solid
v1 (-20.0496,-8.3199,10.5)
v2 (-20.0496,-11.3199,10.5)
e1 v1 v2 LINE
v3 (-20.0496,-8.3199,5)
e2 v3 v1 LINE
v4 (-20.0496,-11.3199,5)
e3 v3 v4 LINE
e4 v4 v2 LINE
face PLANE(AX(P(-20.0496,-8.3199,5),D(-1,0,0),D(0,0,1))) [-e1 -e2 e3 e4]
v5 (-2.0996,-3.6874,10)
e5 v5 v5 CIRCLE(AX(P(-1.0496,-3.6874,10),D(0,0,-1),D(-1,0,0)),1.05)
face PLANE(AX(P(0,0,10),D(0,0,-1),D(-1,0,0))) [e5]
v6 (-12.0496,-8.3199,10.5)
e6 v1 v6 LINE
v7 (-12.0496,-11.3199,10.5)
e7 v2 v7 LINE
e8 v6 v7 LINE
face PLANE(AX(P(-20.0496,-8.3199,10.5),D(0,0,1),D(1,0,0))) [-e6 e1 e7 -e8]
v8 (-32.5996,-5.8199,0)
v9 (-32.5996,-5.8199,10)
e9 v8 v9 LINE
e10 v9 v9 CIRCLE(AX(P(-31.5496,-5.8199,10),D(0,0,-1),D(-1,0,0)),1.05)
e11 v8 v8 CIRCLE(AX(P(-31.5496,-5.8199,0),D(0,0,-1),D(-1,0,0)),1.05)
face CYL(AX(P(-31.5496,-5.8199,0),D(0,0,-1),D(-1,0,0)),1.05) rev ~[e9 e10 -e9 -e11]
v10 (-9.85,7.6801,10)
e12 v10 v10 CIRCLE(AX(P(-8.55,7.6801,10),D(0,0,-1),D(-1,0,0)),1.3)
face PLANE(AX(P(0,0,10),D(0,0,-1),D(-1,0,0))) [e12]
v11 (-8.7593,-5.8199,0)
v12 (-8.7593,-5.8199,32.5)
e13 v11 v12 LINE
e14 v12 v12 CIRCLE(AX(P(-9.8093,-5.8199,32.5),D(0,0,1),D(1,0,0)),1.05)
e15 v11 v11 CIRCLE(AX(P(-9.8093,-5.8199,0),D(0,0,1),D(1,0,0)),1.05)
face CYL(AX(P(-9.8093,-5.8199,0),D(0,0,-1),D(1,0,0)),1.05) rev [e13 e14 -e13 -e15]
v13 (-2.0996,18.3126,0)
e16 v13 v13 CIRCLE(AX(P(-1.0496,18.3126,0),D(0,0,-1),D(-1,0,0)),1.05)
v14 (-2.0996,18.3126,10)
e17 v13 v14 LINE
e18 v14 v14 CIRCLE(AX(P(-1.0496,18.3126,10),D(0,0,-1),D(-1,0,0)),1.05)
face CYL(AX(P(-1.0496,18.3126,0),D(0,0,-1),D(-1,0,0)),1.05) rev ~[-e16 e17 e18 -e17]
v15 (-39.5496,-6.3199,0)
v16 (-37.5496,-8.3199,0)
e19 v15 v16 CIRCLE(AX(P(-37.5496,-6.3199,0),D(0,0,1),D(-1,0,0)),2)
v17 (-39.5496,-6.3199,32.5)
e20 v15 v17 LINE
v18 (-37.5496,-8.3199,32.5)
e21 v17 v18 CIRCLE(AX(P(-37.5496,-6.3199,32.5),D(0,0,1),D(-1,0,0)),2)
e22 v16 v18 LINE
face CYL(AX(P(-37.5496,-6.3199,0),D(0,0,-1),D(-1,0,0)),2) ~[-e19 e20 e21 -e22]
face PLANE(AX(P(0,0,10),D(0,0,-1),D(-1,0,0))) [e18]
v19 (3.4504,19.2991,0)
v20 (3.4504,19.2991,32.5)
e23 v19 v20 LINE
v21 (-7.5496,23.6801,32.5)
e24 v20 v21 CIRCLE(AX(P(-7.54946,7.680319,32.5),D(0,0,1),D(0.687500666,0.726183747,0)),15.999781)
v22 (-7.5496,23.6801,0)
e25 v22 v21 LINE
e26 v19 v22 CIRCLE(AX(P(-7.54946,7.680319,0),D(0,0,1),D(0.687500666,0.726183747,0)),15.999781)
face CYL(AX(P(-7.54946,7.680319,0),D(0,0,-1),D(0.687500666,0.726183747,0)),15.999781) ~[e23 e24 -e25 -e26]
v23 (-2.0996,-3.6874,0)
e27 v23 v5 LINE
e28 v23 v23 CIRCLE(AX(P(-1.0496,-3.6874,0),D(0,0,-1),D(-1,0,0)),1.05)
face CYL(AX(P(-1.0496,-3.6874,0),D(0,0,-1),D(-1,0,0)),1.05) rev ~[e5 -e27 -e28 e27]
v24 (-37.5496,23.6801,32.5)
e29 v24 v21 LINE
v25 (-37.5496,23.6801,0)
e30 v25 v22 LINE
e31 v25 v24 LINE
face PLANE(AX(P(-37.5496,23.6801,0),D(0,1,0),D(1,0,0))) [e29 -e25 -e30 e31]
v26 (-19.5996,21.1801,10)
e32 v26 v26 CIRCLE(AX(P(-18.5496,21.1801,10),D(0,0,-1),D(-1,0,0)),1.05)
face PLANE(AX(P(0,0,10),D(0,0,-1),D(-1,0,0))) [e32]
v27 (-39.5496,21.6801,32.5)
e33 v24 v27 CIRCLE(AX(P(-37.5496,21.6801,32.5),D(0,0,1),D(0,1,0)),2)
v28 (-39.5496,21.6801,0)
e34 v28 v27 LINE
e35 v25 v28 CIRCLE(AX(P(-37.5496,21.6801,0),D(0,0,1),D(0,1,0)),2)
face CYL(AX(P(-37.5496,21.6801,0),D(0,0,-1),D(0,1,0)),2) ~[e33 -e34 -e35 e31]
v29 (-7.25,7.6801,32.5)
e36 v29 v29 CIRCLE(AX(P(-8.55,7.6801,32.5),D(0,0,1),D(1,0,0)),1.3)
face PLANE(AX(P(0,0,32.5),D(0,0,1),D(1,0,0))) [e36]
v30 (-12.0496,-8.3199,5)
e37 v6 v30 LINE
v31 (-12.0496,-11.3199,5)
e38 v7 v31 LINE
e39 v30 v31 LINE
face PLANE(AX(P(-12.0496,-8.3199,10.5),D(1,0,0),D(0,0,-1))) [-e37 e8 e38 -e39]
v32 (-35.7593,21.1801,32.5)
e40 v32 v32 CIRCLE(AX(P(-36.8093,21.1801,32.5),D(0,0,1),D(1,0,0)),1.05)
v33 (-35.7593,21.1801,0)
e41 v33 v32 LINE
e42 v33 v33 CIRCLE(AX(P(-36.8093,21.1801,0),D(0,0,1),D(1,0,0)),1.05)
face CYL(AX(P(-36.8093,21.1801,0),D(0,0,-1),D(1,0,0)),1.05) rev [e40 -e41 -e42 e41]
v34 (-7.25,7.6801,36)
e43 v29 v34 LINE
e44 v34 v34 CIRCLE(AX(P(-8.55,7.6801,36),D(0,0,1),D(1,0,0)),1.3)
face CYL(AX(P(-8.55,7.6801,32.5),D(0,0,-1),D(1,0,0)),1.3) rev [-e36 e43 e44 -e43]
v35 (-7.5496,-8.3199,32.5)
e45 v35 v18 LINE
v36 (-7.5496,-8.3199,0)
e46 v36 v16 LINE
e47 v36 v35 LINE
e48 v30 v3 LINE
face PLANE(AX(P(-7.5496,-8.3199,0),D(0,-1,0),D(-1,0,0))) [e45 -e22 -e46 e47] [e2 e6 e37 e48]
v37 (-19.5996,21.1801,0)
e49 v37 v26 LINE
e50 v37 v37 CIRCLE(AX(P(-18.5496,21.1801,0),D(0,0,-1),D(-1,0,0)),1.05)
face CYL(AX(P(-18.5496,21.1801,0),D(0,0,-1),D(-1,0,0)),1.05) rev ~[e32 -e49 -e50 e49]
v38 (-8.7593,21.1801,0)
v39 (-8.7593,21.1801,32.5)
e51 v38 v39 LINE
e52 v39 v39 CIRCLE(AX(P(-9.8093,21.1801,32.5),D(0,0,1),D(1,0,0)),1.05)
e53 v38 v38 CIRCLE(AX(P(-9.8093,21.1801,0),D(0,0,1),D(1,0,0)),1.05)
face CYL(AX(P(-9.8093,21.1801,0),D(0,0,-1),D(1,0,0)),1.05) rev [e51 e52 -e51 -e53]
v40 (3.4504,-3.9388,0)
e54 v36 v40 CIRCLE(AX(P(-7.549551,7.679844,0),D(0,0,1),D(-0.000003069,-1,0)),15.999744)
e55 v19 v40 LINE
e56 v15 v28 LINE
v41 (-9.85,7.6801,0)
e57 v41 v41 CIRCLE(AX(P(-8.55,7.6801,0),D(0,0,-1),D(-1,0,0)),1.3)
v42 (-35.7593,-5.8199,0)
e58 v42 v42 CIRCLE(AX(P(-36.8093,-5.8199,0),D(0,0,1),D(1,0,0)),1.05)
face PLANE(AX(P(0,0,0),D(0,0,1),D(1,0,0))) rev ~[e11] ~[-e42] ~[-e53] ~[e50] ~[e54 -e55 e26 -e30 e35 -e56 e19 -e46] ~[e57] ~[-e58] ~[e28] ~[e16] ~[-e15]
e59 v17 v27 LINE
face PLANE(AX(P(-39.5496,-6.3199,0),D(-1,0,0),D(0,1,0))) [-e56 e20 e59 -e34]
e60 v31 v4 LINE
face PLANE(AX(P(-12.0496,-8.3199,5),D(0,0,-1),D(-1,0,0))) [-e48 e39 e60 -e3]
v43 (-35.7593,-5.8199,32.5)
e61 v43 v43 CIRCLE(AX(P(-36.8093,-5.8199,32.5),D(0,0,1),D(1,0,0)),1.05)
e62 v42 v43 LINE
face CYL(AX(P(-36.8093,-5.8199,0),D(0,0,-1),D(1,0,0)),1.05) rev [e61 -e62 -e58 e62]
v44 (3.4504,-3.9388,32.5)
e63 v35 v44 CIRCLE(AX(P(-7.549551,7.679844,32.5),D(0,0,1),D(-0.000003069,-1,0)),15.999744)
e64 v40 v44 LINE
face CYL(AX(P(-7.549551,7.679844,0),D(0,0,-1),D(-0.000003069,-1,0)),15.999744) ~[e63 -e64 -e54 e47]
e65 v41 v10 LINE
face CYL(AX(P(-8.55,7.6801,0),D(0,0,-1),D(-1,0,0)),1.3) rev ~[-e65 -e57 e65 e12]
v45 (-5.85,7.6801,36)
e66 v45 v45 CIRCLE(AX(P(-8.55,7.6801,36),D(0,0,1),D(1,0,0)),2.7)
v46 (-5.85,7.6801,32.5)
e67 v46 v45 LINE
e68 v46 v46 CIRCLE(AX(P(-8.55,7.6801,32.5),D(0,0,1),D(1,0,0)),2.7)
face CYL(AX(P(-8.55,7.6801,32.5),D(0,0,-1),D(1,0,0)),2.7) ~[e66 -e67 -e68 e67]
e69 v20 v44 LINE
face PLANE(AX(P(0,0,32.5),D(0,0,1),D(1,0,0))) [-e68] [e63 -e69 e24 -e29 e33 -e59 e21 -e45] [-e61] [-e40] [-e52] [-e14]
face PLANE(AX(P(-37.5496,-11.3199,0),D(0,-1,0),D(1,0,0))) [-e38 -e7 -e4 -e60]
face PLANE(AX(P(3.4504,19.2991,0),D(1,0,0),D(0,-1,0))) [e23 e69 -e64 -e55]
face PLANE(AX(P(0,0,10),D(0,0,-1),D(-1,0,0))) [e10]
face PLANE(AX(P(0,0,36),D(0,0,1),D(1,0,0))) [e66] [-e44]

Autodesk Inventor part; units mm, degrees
ref_plane "YZ Plane" through (0, 0, 0) normal (1, 0, 0) x (0, 1, 0)
ref_plane "XZ Plane" through (0, 0, 0) normal (0, 1, 0) x (-1, 0, 0)
ref_plane "XY Plane" through (0, 0, 0) normal (0, 0, 1) x (1, 0, 0)
sketch "スケッチ1" plane through (0, 0, 0) normal (0, 0, 1) x (1, 0, 0)
  line L0 (-37.5496, 23.6801) -> (-7.5496, 23.6801)
  line L1 (3.4504, 19.2991) -> (3.4504, -3.9388)
  line L2 (-7.5496, -8.3199) -> (-37.5496, -8.3199)
  line L3 (-39.5496, -6.3199) -> (-39.5496, 21.6801)
  circle A0 centre (-36.8093, -5.8199) radius 1.05
  circle A1 centre (-36.8093, 21.1801) radius 1.05
  arc A2 (-37.5496, 23.6801) -> (-39.5496, 21.6801) centre (-37.5496, 21.6801) ccw
  arc A3 (-39.5496, -6.3199) -> (-37.5496, -8.3199) centre (-37.5496, -6.3199) ccw
  circle A4 centre (-9.8093, -5.8199) radius 1.05
  circle A5 centre (-9.8093, 21.1801) radius 1.05
  line L4 (-39.5496, 7.6801) -> (3.4504, 7.6801) construction
  line L5 (-17.0496, 23.6801) -> (-17.0496, -8.3199) construction
  arc A6 (-7.5496, -8.3199) -> (3.4504, -3.9388) centre (-7.5496, 7.6801) ccw
  arc A7 (3.4504, 19.2991) -> (-7.5496, 23.6801) centre (-7.5496, 7.6801) ccw
  point P0 (-39.5496, -8.3199)
  point P1 (-17.0496, 7.6801)
  dimension "d23" = 2.1
  dimension "d24" = 2.1
  dimension "d25" = 27
  dimension "d26" = 2.5
  dimension "d27" = 2.5
  dimension "d28" = 2
  dimension "d31" = 2.1
  dimension "d32" = 2.1
  dimension "d33" = 27
  dimension "d34" = 27
extrude "押し出し1" add sketch "スケッチ1" along normal blind 32.5
sketch "スケッチ2" plane through (0, 0, 32.5) normal (0, 0, 1) x (1, 0, 0)
  circle A0 centre (-9.8093, 21.1801) radius 1.05 projected
  circle A1 centre (-9.8093, -5.8199) radius 1.05 projected
  circle A2 centre (-36.8093, 21.1801) radius 1.05 projected
  circle A3 centre (-36.8093, -5.8199) radius 1.05 projected
  line L0 (3.4504, -3.9388) -> (3.4504, 19.2991) projected
  arc A4 (3.4504, 19.2991) -> (-7.5496, 23.6801) centre (-7.5496, 7.6801) ccw projected
  line L1 (-7.5496, 23.6801) -> (-37.5496, 23.6801) projected
  arc A5 (-37.5496, 23.6801) -> (-39.5496, 21.6801) centre (-37.5496, 21.6801) ccw projected
  line L2 (-39.5496, 21.6801) -> (-39.5496, -6.3199) projected
  arc A6 (-39.5496, -6.3199) -> (-37.5496, -8.3199) centre (-37.5496, -6.3199) ccw projected
  line L3 (-37.5496, -8.3199) -> (-7.5496, -8.3199) projected
  arc A7 (-7.5496, -8.3199) -> (3.4504, -3.9388) centre (-7.5496, 7.6801) ccw projected
  line L4 (-39.5496, 21.6801) -> (-39.5496, -6.3199) construction
  line L5 (-39.5496, 7.6801) -> (3.4504, 7.6801) construction
  line L6 (-7.5496, -8.3199) -> (-37.5496, -8.3199) construction
  line L7 (-18.0496, -8.3199) -> (-18.0496, 23.6801) construction
  line L8 (-7.5496, 23.6801) -> (-37.5496, 23.6801) construction
  circle A8 centre (-8.55, 7.6801) radius 2.7
  circle A9 centre (-8.55, 7.6801) radius 1.3
  point P0 (0, 0)
  dimension "d49" = 5.4
  dimension "d50" = 2.6
  dimension "d51" = 9.4996
extrude "押し出し3" add sketch "スケッチ2" along normal blind 3.5 contours A8
sketch "スケッチ3" plane through (0, 0, 0) normal (0, 0, -1) x (-1, 0, 0)
  circle A0 centre (9.8093, 21.1801) radius 1.05 projected
  circle A1 centre (9.8093, -5.8199) radius 1.05 projected
  circle A2 centre (36.8093, 21.1801) radius 1.05 projected
  circle A3 centre (36.8093, -5.8199) radius 1.05 projected
  line L0 (-3.4504, 19.2991) -> (-3.4504, -3.9388) projected
  arc A4 (-3.4504, -3.9388) -> (7.5496, -8.3199) centre (7.5496, 7.6801) ccw projected
  line L1 (7.5496, -8.3199) -> (37.5496, -8.3199) projected
  arc A5 (37.5496, -8.3199) -> (39.5496, -6.3199) centre (37.5496, -6.3199) ccw projected
  line L2 (39.5496, -6.3199) -> (39.5496, 21.6801) projected
  arc A6 (39.5496, 21.6801) -> (37.5496, 23.6801) centre (37.5496, 21.6801) ccw projected
  line L3 (37.5496, 23.6801) -> (7.5496, 23.6801) projected
  arc A7 (7.5496, 23.6801) -> (-3.4504, 19.2991) centre (7.5496, 7.6801) ccw projected
  line L4 (39.5496, -6.3199) -> (39.5496, 21.6801) construction
  line L5 (39.5496, 7.6801) -> (-3.4504, 7.6801) construction
  line L6 (-3.4504, 19.2991) -> (-3.4504, -3.9388) construction
  line L7 (7.5496, -8.3199) -> (37.5496, -8.3199) construction
  line L8 (18.0496, -8.3199) -> (18.0496, 23.6801) construction
  line L9 (37.5496, 23.6801) -> (7.5496, 23.6801) construction
  circle A8 centre (8.55, 7.6801) radius 1.3
  circle A9 centre (31.5496, -5.8199) radius 1.05
  circle A10 centre (18.5496, 21.1801) radius 1.05
  circle A11 centre (1.0496, 18.3126) radius 1.05
  circle A12 centre (1.0496, -3.6874) radius 1.05
  point P0 (0, 0)
  dimension "d54" = 2.6
  dimension "d55" = 2.1
  dimension "d56" = 13.5
  dimension "d57" = 2.1
  dimension "d58" = 0.5
  dimension "d59" = 2.1
  dimension "d60" = 17
  dimension "d61" = 2.1
  dimension "d62" = 22
  dimension "d63" = 17
extrude "押し出し4" cut sketch "スケッチ3" against normal blind 10 contours A8 | A9 | A10 | A11 | A12
sketch "スケッチ4" plane through (-37.5496, -8.3199, 0) normal (0, -1, 0) x (1, 0, 0)
  line L0 (30, 0) -> (0, 0) projected
  line L1 (30, 0) -> (30, 32.5) projected
  line L2 (0, 32.5) -> (30, 32.5) projected
  line L3 (0, 0) -> (0, 32.5) projected
  line L4 (0, 0) -> (-2, 0) projected
  line L5 (0, 0) -> (0, 32.5) projected
  line L6 (-2, 32.5) -> (0, 32.5) projected
  line L7 (-2, 0) -> (-2, 32.5) projected
  line L8 (41, 0) -> (30, 0) projected
  line L9 (41, 0) -> (41, 32.5) projected
  line L10 (30, 32.5) -> (41, 32.5) projected
  line L11 (30, 0) -> (30, 32.5) projected
  line L12 (0, 32.5) -> (30, 32.5) construction
  line L13 (19.5, 32.5) -> (19.5, 0) construction
  line L14 (17.5, 10.5) -> (25.5, 10.5)
  line L15 (25.5, 10.5) -> (25.5, 5)
  line L16 (25.5, 5) -> (17.5, 5)
  line L17 (17.5, 5) -> (17.5, 10.5)
  point P0 (37.5496, 0)
  dimension "d66" = 21.5
  dimension "d67" = 8
  dimension "d68" = 5.5
  dimension "d69" = 5
  dimension "d70" = 2
extrude "押し出し5" add sketch "スケッチ4" along normal blind 3 contours L14 L15 L16 L17
properties part number "KRS-4034HV" material "アセタール樹脂、黒"
